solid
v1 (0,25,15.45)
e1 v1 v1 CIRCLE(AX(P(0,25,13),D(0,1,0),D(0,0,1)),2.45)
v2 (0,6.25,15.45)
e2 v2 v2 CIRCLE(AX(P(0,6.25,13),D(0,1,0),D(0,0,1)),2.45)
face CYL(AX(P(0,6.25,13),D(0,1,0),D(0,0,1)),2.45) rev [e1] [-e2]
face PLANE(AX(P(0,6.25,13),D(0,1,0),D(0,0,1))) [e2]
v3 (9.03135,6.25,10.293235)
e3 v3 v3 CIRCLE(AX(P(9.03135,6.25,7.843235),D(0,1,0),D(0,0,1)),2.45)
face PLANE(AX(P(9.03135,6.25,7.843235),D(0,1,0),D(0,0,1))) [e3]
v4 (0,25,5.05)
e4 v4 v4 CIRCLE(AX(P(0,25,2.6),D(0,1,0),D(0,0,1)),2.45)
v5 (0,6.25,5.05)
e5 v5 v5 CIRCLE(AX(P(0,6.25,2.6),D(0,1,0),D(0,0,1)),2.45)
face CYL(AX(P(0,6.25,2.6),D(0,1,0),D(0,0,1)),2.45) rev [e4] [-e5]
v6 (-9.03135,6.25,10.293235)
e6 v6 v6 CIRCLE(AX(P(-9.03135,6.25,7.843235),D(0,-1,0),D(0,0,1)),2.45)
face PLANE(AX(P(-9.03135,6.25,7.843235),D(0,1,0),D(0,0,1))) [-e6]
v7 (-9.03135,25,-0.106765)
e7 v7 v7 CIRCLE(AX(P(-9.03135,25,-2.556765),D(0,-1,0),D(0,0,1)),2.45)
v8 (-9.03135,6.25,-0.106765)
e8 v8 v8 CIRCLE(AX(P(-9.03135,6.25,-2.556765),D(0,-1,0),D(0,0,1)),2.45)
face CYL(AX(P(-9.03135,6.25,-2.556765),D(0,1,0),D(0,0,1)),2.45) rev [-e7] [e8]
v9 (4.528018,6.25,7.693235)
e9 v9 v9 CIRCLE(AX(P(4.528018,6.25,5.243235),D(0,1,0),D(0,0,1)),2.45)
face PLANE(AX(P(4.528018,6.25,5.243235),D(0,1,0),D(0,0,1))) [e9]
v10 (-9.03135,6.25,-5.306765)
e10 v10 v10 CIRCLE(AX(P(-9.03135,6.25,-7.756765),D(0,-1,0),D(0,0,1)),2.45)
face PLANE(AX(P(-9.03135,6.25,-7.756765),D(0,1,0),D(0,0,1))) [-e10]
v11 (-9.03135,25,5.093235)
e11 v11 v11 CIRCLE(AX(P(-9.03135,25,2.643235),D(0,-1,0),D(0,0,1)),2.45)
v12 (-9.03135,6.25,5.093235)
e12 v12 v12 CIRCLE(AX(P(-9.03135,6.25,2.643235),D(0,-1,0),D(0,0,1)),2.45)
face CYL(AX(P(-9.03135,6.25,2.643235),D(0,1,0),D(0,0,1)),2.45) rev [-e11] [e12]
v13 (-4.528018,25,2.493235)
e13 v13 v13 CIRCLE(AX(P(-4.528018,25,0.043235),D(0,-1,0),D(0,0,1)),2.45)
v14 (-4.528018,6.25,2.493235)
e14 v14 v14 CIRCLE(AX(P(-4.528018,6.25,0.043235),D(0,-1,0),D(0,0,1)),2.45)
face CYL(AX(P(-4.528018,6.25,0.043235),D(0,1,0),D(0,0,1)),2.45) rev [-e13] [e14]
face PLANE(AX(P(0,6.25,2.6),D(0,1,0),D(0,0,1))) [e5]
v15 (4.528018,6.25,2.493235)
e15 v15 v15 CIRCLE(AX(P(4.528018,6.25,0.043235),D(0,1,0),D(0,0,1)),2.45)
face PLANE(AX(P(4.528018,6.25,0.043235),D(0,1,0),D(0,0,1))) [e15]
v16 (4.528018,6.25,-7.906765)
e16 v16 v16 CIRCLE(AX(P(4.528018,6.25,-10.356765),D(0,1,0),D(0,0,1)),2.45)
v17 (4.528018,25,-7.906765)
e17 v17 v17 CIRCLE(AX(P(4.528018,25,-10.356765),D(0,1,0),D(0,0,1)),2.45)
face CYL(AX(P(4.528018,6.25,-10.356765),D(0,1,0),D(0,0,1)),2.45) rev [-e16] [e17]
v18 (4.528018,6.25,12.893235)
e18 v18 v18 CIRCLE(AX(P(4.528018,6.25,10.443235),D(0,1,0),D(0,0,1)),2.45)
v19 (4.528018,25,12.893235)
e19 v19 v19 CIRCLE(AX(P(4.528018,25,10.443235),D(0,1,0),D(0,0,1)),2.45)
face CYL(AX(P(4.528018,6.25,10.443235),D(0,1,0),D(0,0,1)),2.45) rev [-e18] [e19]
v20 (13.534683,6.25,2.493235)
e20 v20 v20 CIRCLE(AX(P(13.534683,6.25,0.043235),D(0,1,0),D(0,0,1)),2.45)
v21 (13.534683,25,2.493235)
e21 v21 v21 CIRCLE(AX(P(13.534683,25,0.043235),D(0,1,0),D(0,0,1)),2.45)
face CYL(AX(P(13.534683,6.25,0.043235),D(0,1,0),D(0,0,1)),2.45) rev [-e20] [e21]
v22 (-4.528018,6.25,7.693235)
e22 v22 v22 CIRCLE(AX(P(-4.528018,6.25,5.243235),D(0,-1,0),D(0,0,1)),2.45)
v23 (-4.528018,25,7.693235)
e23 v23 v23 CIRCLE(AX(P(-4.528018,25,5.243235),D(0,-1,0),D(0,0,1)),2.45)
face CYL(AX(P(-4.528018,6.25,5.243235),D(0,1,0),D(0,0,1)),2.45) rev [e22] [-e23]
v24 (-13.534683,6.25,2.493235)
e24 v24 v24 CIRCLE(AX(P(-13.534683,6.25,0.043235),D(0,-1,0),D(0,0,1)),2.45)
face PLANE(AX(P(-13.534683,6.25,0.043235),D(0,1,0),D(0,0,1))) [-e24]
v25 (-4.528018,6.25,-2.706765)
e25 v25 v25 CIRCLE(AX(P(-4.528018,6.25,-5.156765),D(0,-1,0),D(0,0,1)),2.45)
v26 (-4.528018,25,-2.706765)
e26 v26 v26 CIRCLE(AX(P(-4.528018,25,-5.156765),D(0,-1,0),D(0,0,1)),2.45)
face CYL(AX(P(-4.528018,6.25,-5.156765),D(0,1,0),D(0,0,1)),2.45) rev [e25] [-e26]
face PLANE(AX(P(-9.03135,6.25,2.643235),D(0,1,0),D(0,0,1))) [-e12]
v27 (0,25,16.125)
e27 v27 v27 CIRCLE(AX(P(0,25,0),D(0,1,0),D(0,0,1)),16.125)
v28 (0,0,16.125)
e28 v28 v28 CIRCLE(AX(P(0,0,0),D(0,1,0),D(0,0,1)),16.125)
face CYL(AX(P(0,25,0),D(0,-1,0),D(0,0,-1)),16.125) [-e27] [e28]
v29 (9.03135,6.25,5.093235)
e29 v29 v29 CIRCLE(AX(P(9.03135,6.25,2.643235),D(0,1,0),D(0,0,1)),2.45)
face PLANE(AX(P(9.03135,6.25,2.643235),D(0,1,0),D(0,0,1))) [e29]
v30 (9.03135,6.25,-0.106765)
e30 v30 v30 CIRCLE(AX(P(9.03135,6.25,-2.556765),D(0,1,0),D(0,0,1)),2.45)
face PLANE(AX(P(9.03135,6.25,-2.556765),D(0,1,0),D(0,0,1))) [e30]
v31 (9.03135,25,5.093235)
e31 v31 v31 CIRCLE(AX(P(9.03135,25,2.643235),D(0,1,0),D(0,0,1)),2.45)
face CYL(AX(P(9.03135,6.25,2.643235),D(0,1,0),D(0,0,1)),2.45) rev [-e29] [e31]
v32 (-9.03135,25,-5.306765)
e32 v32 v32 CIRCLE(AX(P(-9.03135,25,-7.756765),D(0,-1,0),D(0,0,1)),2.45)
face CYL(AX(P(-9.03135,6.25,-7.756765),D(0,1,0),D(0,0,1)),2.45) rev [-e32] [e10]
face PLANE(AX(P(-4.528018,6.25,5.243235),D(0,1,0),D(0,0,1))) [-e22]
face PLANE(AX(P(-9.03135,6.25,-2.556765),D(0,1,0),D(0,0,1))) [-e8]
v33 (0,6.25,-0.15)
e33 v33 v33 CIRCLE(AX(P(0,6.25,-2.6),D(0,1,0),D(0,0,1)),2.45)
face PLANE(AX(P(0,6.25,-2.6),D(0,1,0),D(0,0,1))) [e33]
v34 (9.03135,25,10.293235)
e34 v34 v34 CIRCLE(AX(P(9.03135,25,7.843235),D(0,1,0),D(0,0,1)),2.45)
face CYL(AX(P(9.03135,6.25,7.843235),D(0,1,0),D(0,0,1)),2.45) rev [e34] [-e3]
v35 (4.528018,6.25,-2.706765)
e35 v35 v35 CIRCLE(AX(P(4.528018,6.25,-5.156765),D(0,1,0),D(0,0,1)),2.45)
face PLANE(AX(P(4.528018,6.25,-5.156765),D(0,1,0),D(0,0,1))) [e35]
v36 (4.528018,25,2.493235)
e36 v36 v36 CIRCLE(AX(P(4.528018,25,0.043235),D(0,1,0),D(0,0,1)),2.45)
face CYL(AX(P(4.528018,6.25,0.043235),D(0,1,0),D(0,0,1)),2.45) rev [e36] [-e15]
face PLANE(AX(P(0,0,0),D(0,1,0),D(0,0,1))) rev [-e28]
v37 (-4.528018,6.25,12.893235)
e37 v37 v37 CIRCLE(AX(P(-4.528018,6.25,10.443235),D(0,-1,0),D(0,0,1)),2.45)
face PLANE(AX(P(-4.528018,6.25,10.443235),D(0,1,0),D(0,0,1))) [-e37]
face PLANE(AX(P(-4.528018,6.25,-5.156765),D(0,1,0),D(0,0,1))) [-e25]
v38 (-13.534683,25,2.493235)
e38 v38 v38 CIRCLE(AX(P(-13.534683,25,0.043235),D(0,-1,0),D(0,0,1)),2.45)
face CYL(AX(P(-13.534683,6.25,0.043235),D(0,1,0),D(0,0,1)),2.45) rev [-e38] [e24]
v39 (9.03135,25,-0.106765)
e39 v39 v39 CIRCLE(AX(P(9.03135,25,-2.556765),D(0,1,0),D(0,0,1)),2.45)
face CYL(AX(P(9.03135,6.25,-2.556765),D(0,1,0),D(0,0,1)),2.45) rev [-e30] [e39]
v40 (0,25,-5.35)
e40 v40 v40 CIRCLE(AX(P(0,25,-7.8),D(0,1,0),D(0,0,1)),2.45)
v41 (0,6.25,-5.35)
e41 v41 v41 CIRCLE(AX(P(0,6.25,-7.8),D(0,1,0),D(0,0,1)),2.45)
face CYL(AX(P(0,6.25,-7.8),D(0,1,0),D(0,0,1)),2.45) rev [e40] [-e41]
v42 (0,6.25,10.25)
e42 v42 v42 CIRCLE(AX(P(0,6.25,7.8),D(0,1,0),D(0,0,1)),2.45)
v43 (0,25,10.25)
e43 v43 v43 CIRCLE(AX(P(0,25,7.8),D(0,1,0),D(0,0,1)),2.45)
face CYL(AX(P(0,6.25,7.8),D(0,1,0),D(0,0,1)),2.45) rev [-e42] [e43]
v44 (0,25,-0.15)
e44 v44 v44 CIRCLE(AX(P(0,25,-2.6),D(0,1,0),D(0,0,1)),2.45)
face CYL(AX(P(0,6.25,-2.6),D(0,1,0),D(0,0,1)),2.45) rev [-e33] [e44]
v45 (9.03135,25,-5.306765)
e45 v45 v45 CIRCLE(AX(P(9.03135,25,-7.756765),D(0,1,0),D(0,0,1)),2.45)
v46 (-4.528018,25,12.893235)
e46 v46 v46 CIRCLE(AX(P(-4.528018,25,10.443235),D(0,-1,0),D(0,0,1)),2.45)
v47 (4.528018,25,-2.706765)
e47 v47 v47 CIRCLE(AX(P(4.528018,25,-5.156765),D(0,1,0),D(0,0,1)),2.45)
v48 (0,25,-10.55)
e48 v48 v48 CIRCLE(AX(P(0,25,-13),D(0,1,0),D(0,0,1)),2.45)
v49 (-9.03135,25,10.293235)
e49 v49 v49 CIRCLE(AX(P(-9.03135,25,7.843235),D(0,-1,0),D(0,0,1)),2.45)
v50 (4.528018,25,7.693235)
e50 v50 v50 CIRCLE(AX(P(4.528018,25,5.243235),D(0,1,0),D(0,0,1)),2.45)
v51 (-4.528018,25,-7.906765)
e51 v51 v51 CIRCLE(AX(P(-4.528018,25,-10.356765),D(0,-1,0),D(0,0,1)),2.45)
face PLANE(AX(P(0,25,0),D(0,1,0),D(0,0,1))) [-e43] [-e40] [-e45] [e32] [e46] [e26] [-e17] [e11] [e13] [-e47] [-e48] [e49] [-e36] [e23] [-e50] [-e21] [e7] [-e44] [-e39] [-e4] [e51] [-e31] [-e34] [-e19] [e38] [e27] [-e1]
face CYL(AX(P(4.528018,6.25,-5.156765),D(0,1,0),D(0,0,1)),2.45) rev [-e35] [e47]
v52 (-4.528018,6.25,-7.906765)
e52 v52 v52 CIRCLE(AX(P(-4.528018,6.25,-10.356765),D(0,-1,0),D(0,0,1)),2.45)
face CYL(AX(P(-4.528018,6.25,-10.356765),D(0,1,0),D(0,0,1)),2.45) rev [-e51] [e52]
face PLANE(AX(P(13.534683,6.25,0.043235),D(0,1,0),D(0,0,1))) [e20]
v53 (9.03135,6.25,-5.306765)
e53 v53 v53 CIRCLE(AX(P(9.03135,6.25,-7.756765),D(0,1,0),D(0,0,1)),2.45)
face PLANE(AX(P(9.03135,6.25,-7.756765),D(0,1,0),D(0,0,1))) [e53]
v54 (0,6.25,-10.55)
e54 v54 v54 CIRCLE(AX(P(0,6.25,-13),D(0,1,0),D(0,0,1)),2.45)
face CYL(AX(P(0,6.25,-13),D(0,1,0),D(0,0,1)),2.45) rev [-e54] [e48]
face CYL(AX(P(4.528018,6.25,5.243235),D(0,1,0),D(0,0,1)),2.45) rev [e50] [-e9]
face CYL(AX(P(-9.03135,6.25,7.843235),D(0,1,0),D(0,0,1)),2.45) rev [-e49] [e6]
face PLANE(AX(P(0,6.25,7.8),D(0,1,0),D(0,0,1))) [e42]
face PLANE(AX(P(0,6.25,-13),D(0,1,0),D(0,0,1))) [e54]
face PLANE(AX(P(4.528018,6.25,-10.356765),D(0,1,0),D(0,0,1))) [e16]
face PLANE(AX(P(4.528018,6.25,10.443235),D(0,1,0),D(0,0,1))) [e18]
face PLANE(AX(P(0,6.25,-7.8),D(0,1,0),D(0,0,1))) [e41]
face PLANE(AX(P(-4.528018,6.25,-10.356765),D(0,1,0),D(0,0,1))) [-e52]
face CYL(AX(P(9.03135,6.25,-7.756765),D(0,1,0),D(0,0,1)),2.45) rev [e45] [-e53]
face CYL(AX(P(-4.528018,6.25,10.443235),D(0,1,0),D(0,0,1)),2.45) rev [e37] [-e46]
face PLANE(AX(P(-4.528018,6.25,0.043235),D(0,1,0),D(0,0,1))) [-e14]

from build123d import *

# Parameters (mm, degrees)
SKETCH1_R           = 16.125
BOSS_EXTRUDE1_DEPTH = 25
SKETCH2_R           = 2.45
CUT_EXTRUDE1_DEPTH  = 18.75
SKETCH3_R           = 2.45
CUT_EXTRUDE2_DEPTH  = 18.75
SKETCH4_R           = 2.45
CUT_EXTRUDE3_DEPTH  = 18.75
SKETCH5_R           = 2.45
CUT_EXTRUDE5_DEPTH  = 18.75


with BuildPart() as part:
    # Sketch1 → Boss-Extrude1 (new body)
    with BuildSketch(Plane(origin=(0, 0, 0), x_dir=(1, 0, 0), z_dir=(0, 1, 0))):
        with Locations(Location((0, 0, 0), (0, 0, 270))):
            Circle(SKETCH1_R)
    extrude(amount=BOSS_EXTRUDE1_DEPTH)

    # Sketch2 → Cut-Extrude1 (cut)
    with BuildSketch(Plane(origin=(0, 25, 0), x_dir=(1, 0, 0), z_dir=(0, 1, 0))):
        with Locations(Location((0, -2.6, 0), (0, 0, 270))):
            Circle(SKETCH2_R)
        with Locations(Location((0, 2.6, 0), (0, 0, 270))):
            Circle(SKETCH2_R)
        with Locations(Location((0, 7.8, 0), (0, 0, 270))):
            Circle(SKETCH2_R)
        with Locations(Location((0, 13, 0), (0, 0, 270))):
            Circle(SKETCH2_R)
        with Locations(Location((0, -7.8, 0), (0, 0, 270))):
            Circle(SKETCH2_R)
        with Locations(Location((0, -13, 0), (0, 0, 270))):
            Circle(SKETCH2_R)
    extrude(amount=-CUT_EXTRUDE1_DEPTH, mode=Mode.SUBTRACT)

    # Sketch3 → Cut-Extrude2 (cut)
    with BuildSketch(Plane(origin=(0, 25, 0), x_dir=(1, 0, 0), z_dir=(0, 1, 0))):
        with Locations(Location((4.528018354, -0.043234507, 0), (0, 0, 270))):
            Circle(SKETCH3_R)
        with Locations(Location((4.528018354, 5.156765493, 0), (0, 0, 270))):
            Circle(SKETCH3_R)
        with Locations(Location((4.528018354, -5.243234507, 0), (0, 0, 270))):
            Circle(SKETCH3_R)
        with Locations(Location((4.528018354, -10.443234507, 0), (0, 0, 270))):
            Circle(SKETCH3_R)
        with Locations(Location((4.528018354, 10.356765493, 0), (0, 0, 270))):
            Circle(SKETCH3_R)
    cut_extrude2 = extrude(amount=-CUT_EXTRUDE2_DEPTH, mode=Mode.SUBTRACT)

    # Sketch4 → Cut-Extrude3 (cut)
    with BuildSketch(Plane(origin=(0, 25, 0), x_dir=(1, 0, 0), z_dir=(0, 1, 0))):
        with Locations(Location((9.031350453, 7.756765493, 0), (0, 0, 270))):
            Circle(SKETCH4_R)
        with Locations(Location((9.031350453, 2.556765493, 0), (0, 0, 270))):
            Circle(SKETCH4_R)
        with Locations(Location((9.031350453, -2.643234507, 0), (0, 0, 270))):
            Circle(SKETCH4_R)
        with Locations(Location((9.031350453, -7.843234507, 0), (0, 0, 270))):
            Circle(SKETCH4_R)
    cut_extrude3 = extrude(amount=-CUT_EXTRUDE3_DEPTH, mode=Mode.SUBTRACT)

    # Sketch5 → Cut-Extrude5 (cut)
    with BuildSketch(Plane(origin=(0, 25, 0), x_dir=(1, 0, 0), z_dir=(0, 1, 0))):
        with Locations(Location((13.534682553, -0.043234507, 0), (0, 0, 270))):
            Circle(SKETCH5_R)
    cut_extrude5 = extrude(amount=-CUT_EXTRUDE5_DEPTH, mode=Mode.SUBTRACT)

    # Mirror2: Cut-Extrude2, Cut-Extrude3, Cut-Extrude5 across plane
    add(cut_extrude2.mirror(Plane(origin=(0, 0, 0), x_dir=(0, 0, 1), z_dir=(1, 0, 0))), mode=Mode.SUBTRACT)
    add(cut_extrude3.mirror(Plane(origin=(0, 0, 0), x_dir=(0, 0, 1), z_dir=(1, 0, 0))), mode=Mode.SUBTRACT)
    add(cut_extrude5.mirror(Plane(origin=(0, 0, 0), x_dir=(0, 0, 1), z_dir=(1, 0, 0))), mode=Mode.SUBTRACT)


solid = part.part
